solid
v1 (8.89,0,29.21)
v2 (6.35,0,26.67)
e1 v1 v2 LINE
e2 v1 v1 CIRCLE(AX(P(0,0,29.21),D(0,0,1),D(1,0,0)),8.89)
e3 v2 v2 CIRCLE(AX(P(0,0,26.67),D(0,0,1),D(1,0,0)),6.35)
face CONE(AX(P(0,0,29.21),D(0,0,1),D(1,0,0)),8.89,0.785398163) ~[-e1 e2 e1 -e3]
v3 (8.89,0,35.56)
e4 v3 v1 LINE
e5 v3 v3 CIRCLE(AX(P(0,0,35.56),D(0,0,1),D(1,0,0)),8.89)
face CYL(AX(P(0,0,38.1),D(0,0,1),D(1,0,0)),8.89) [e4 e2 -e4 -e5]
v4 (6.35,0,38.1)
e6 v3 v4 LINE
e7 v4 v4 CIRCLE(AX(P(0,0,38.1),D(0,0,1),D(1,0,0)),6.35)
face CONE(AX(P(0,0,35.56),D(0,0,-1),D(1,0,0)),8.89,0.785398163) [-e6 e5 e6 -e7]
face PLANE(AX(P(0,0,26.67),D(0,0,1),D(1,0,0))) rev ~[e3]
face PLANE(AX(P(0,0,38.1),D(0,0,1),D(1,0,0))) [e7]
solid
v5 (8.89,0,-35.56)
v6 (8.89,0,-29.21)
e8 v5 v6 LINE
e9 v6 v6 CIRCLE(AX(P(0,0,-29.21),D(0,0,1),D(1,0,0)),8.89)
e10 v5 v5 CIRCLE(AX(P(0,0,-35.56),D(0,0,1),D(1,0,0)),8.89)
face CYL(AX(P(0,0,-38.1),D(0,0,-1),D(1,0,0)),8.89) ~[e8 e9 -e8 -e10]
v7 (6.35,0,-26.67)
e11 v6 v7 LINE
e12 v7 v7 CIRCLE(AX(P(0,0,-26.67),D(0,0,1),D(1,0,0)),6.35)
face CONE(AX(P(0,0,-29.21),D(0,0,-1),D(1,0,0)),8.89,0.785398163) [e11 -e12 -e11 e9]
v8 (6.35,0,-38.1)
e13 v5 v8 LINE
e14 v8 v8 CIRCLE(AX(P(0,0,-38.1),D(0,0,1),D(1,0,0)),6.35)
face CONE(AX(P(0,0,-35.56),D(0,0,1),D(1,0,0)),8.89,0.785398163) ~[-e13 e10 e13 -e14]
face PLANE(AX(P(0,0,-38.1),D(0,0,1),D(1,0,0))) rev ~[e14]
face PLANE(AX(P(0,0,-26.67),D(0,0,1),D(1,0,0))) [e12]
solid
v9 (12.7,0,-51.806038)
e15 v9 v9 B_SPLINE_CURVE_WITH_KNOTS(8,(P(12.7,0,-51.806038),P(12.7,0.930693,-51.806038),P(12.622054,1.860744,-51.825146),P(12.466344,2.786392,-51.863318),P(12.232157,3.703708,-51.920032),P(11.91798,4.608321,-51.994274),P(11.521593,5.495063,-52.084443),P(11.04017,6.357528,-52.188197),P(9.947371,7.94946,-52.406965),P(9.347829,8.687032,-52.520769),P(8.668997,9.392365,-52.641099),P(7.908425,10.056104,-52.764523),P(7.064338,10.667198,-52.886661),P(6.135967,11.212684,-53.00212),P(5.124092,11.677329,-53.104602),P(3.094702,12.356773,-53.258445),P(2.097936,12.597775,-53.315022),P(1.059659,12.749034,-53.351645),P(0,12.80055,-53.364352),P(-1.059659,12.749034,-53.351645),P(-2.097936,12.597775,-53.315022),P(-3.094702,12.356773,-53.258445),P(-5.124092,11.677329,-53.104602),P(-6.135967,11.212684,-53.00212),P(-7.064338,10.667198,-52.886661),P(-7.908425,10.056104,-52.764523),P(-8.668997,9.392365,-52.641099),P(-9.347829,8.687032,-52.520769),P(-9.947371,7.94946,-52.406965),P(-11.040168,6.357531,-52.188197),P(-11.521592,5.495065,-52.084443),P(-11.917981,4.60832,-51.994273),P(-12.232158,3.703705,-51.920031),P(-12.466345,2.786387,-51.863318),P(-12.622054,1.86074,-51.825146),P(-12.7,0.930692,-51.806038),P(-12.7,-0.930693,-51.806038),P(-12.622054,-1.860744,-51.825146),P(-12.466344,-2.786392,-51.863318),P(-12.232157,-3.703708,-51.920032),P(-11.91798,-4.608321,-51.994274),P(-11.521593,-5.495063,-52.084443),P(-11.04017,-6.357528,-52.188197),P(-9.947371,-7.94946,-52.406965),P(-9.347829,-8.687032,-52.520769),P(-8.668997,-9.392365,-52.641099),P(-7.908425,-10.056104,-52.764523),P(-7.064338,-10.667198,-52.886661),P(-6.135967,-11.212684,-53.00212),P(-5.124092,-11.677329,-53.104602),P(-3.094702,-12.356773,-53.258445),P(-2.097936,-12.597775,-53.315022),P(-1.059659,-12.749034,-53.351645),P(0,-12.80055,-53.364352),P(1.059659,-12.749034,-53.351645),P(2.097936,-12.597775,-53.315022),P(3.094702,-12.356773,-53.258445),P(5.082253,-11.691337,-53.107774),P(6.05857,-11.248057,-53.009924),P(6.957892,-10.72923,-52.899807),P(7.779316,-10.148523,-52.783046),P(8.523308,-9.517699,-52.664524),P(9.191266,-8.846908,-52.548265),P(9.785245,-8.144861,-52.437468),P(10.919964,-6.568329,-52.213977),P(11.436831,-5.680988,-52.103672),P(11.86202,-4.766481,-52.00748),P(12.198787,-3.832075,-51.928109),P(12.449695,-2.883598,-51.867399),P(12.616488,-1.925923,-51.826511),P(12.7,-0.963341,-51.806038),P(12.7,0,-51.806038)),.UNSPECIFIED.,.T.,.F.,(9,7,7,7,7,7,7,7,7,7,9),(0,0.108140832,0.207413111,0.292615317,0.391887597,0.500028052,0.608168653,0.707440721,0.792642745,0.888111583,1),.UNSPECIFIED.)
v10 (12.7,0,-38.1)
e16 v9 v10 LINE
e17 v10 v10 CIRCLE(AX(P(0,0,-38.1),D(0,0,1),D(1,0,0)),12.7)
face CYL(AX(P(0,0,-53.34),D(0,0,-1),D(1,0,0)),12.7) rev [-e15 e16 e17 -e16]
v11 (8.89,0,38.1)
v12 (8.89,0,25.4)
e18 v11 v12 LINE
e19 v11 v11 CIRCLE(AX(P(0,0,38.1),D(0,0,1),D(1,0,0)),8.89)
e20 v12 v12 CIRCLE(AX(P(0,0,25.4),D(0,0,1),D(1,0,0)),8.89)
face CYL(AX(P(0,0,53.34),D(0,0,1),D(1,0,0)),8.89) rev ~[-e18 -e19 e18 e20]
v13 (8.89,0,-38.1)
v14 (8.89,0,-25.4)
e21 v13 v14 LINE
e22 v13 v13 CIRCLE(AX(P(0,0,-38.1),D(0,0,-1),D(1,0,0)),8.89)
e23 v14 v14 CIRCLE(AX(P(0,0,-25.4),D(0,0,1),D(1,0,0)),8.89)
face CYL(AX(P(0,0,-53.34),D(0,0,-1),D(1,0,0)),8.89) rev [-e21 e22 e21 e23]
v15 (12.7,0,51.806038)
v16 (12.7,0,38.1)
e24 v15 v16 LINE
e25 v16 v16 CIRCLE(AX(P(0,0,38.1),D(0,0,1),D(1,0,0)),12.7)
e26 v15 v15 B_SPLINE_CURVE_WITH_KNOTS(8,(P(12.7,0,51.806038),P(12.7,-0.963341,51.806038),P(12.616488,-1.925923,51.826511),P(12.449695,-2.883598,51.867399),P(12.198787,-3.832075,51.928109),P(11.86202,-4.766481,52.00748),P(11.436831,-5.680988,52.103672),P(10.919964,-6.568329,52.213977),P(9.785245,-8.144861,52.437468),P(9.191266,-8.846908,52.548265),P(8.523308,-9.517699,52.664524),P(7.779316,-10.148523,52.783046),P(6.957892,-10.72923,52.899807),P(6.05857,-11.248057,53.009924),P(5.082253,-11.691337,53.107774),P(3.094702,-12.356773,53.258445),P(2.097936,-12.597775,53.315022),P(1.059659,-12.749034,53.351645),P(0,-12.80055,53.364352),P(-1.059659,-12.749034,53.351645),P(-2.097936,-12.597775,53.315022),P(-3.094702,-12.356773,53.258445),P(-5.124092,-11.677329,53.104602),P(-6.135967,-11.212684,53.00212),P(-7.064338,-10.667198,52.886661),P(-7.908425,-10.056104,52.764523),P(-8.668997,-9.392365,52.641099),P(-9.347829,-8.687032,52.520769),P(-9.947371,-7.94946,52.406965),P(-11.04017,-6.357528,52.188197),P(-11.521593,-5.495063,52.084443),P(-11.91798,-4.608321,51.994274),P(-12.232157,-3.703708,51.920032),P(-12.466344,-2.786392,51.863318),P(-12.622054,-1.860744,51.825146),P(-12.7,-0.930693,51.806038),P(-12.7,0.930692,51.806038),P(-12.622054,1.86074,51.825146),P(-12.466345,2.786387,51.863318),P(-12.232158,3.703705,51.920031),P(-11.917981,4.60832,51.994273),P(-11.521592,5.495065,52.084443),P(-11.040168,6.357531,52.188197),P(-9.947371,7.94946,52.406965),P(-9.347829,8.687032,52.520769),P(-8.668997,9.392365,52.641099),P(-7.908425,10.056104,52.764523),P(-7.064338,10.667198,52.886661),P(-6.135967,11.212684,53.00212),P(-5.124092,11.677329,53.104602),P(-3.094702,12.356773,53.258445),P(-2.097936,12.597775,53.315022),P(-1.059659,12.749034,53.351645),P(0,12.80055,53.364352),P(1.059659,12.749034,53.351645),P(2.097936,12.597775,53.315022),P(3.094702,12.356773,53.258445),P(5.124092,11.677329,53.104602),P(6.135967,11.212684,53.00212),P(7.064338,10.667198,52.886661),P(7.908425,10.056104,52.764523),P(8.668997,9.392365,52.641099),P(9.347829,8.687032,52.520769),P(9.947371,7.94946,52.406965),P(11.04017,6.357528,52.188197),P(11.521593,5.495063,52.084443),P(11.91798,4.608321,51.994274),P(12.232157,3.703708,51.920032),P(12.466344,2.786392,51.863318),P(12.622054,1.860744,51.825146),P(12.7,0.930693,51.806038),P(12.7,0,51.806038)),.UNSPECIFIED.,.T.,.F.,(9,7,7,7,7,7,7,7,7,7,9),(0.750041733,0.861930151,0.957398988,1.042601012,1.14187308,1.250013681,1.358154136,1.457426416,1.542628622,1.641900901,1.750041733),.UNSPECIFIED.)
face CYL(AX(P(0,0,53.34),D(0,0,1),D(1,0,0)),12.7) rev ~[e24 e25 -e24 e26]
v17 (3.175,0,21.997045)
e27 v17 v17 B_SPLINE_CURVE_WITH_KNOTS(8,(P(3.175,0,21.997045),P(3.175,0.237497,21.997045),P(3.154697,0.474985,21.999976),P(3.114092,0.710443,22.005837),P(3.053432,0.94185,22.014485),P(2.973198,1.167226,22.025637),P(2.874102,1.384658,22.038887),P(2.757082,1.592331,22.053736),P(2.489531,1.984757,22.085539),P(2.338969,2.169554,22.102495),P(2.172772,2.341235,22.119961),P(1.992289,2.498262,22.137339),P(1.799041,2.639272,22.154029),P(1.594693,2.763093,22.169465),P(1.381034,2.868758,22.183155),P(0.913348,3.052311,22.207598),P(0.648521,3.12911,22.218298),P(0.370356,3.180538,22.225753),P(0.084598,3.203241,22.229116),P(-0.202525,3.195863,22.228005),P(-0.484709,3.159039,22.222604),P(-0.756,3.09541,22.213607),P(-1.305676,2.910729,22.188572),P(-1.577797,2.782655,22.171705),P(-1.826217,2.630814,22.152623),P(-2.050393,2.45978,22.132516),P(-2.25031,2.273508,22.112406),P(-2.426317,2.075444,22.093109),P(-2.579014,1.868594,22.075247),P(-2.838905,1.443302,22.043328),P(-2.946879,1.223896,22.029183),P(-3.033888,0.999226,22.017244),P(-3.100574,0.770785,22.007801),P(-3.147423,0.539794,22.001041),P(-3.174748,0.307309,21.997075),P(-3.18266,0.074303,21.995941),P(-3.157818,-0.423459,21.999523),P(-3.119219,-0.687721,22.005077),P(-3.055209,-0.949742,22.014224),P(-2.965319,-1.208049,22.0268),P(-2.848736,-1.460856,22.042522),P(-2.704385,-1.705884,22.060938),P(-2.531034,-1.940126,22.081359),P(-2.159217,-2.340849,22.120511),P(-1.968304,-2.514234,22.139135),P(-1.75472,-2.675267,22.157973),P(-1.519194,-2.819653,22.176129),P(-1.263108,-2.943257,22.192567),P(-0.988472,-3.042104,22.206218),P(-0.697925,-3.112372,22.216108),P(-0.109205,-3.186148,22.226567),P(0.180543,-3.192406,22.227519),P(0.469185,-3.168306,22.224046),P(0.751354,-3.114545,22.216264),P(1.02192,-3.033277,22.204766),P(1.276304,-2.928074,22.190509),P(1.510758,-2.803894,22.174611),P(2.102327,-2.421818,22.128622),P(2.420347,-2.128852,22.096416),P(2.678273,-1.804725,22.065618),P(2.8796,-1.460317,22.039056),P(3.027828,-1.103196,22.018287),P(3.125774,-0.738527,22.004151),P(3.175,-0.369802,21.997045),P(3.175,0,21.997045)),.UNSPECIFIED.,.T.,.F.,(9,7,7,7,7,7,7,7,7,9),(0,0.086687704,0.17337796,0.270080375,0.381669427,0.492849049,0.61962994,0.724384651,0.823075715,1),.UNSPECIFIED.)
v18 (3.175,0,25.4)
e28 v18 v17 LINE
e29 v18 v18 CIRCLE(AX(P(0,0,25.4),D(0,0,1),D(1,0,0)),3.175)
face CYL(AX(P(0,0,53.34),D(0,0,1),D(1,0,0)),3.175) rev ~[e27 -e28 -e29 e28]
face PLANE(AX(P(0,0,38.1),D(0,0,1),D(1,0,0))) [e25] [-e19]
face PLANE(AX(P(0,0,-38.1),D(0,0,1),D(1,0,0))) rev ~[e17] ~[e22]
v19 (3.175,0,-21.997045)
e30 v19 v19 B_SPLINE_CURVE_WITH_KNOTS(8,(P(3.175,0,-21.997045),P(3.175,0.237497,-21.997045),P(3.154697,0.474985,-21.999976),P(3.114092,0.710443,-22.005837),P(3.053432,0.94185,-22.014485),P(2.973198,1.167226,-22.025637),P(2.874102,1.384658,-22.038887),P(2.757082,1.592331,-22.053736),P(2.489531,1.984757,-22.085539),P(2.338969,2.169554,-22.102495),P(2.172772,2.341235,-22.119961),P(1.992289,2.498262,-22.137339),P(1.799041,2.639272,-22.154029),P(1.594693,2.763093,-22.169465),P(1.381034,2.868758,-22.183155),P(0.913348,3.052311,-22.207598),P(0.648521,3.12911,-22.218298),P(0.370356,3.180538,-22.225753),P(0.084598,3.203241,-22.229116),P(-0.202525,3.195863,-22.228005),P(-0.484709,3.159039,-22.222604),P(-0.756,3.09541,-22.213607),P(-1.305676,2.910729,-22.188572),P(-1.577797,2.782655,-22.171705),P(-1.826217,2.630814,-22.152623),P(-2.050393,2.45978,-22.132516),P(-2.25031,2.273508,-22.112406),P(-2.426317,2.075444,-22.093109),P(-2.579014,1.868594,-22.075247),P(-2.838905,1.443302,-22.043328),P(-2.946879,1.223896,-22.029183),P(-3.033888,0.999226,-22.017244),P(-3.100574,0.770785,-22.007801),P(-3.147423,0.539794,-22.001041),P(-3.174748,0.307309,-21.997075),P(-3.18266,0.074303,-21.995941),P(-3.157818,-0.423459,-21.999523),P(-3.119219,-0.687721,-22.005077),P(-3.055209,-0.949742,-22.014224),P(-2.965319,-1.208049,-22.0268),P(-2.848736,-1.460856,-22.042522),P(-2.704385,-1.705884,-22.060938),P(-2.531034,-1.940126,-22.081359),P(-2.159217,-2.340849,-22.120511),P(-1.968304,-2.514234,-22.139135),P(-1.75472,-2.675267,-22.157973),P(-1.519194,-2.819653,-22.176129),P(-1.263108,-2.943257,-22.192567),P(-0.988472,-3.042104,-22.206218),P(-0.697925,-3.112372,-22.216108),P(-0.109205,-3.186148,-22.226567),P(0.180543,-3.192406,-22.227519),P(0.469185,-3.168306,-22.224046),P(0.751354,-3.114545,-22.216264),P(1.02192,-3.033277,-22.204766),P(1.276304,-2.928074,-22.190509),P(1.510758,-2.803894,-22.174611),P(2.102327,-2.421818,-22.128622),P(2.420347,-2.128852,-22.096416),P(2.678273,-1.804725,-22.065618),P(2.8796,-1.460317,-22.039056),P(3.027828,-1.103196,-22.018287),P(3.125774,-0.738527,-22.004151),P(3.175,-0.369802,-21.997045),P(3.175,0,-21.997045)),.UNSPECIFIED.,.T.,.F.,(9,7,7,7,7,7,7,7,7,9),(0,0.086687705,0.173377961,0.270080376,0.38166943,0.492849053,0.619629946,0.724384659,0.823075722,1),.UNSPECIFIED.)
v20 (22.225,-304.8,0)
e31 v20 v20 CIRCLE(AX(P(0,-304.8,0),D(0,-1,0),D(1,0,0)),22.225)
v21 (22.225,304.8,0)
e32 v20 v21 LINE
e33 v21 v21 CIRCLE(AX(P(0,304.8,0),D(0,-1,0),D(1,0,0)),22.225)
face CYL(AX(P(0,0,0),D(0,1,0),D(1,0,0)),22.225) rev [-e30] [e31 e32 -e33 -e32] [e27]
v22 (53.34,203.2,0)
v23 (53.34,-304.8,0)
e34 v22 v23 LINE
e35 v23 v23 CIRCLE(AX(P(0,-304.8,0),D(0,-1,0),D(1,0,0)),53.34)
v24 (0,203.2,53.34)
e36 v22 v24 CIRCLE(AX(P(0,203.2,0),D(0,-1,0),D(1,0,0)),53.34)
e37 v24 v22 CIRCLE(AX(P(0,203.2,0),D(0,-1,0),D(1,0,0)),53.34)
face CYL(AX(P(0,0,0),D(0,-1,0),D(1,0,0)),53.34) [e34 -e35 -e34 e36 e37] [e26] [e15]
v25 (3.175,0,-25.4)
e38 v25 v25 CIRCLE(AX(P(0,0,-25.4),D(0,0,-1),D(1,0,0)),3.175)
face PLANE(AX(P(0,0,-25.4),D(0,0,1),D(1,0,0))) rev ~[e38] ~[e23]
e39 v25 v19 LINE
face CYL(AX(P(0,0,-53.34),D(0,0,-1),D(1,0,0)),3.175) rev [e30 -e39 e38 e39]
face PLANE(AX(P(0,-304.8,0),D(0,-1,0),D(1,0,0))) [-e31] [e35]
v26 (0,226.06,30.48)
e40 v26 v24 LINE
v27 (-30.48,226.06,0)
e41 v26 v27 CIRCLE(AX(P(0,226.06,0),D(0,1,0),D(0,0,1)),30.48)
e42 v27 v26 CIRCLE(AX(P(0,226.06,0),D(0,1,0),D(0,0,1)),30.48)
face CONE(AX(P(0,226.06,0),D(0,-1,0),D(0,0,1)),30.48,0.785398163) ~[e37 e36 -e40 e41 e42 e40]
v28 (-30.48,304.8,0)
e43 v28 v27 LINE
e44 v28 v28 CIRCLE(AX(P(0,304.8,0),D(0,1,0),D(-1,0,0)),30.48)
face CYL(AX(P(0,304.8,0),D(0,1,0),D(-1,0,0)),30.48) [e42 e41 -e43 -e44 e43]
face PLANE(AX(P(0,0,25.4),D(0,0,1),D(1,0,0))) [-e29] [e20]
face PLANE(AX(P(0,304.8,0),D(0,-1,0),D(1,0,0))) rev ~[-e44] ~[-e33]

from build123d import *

# Parameters (mm, degrees)
F0_R      = 53.34
F0_R_2    = 22.225
F1_DEPTH  = 304.8
F4_R      = 53.34
F4_R_2    = 30.48
F5_DEPTH  = 101.6
F10_R     = 12.7
F10_R_2   = 8.89
F10_R_3   = 3.175
F11_DEPTH = 15.24
F12_DEPTH = 27.94
F13_DEPTH = 32.3429548439
F14_R     = 12.7
F14_R_2   = 8.89
F14_R_3   = 3.175
F15_DEPTH = 15.24
F16_DEPTH = 27.94
F17_DEPTH = 32.3429548439
F20_R     = 8.89
F21_DEPTH = 11.43
F22_SIZE  = 2.54
F23_R     = 8.89
F24_DEPTH = 11.43
F25_SIZE  = 2.54


with BuildPart() as f1:
    # F0 (on Front) → F1 (new body, symmetric)
    with BuildSketch(Plane.XZ):
        Circle(F0_R)
        Circle(F0_R_2, mode=Mode.SUBTRACT)
    extrude(amount=F1_DEPTH, both=True)

    # F4 (on offset) → F5 (cut)
    with BuildSketch(Plane(origin=(0, 304.8, 0), x_dir=(-1, 0, 0), z_dir=(0, 1, 0))):
        Circle(F4_R)
        Circle(F4_R_2, mode=Mode.SUBTRACT)
    extrude(amount=-F5_DEPTH, mode=Mode.SUBTRACT)

    # F6 (on Right) → F7 (revolve)
    with BuildSketch(Plane.YZ):
        Polygon((203.2, 53.34), (203.2, 30.48), (226.06, 30.48), align=None)
    revolve(axis=Axis((0, 101.6, 0), (0, 1, 0)))

    # F10 (on offset) → F11 (cut)
    with BuildSketch(Plane.XY.offset(53.34)):
        Circle(F10_R)
        Circle(F10_R_2, mode=Mode.SUBTRACT)
        Circle(F10_R_2)
        Circle(F10_R_3, mode=Mode.SUBTRACT)
        Circle(F10_R_3)
    extrude(amount=-F11_DEPTH, mode=Mode.SUBTRACT)

    # F10 (on offset) → F12 (cut)
    with BuildSketch(Plane.XY.offset(53.34)):
        Circle(F10_R_2)
        Circle(F10_R_3, mode=Mode.SUBTRACT)
        Circle(F10_R_3)
    extrude(amount=-F12_DEPTH, mode=Mode.SUBTRACT)

    # F10 (on offset) → F13 (cut, up to face)
    with BuildSketch(Plane.XY.offset(53.34)):
        Circle(F10_R_3)
    extrude(amount=-F13_DEPTH, mode=Mode.SUBTRACT)

    # F14 (on offset) → F15 (cut)
    with BuildSketch(Plane.XY.offset(-53.34)):
        Circle(F14_R)
        Circle(F14_R_2, mode=Mode.SUBTRACT)
        Circle(F14_R_2)
        Circle(F14_R_3, mode=Mode.SUBTRACT)
        Circle(F14_R_3)
    extrude(amount=F15_DEPTH, mode=Mode.SUBTRACT)

    # F14 (on offset) → F16 (cut)
    with BuildSketch(Plane.XY.offset(-53.34)):
        Circle(F14_R_2)
        Circle(F14_R_3, mode=Mode.SUBTRACT)
        Circle(F14_R_3)
    extrude(amount=F16_DEPTH, mode=Mode.SUBTRACT)

    # F14 (on offset) → F17 (cut, up to face)
    with BuildSketch(Plane.XY.offset(-53.34)):
        Circle(F14_R_3)
    extrude(amount=F17_DEPTH, mode=Mode.SUBTRACT)


with BuildPart() as f21:
    # F20 (on offset) → F21 (new body)
    with BuildSketch(Plane.XY.offset(38.1)):
        Circle(F20_R)
    extrude(amount=-F21_DEPTH)

    # F22
    f22_edges = [f21.edges().sort_by_distance(p)[0] for p in [
        (-8.89, 0, 38.1),
        (-8.89, 0, 26.67),
    ]]
    chamfer(f22_edges, length=F22_SIZE)


with BuildPart() as f24:
    # F23 (on offset) → F24 (new body)
    with BuildSketch(Plane.XY.offset(-38.1)):
        Circle(F23_R)
    extrude(amount=F24_DEPTH)

    # F25
    f25_edges = [f24.edges().sort_by_distance(p)[0] for p in [
        (-8.89, 0, -38.1),
        (-8.89, 0, -26.67),
    ]]
    chamfer(f25_edges, length=F25_SIZE)


solid = Compound([f1.part, f21.part, f24.part])
